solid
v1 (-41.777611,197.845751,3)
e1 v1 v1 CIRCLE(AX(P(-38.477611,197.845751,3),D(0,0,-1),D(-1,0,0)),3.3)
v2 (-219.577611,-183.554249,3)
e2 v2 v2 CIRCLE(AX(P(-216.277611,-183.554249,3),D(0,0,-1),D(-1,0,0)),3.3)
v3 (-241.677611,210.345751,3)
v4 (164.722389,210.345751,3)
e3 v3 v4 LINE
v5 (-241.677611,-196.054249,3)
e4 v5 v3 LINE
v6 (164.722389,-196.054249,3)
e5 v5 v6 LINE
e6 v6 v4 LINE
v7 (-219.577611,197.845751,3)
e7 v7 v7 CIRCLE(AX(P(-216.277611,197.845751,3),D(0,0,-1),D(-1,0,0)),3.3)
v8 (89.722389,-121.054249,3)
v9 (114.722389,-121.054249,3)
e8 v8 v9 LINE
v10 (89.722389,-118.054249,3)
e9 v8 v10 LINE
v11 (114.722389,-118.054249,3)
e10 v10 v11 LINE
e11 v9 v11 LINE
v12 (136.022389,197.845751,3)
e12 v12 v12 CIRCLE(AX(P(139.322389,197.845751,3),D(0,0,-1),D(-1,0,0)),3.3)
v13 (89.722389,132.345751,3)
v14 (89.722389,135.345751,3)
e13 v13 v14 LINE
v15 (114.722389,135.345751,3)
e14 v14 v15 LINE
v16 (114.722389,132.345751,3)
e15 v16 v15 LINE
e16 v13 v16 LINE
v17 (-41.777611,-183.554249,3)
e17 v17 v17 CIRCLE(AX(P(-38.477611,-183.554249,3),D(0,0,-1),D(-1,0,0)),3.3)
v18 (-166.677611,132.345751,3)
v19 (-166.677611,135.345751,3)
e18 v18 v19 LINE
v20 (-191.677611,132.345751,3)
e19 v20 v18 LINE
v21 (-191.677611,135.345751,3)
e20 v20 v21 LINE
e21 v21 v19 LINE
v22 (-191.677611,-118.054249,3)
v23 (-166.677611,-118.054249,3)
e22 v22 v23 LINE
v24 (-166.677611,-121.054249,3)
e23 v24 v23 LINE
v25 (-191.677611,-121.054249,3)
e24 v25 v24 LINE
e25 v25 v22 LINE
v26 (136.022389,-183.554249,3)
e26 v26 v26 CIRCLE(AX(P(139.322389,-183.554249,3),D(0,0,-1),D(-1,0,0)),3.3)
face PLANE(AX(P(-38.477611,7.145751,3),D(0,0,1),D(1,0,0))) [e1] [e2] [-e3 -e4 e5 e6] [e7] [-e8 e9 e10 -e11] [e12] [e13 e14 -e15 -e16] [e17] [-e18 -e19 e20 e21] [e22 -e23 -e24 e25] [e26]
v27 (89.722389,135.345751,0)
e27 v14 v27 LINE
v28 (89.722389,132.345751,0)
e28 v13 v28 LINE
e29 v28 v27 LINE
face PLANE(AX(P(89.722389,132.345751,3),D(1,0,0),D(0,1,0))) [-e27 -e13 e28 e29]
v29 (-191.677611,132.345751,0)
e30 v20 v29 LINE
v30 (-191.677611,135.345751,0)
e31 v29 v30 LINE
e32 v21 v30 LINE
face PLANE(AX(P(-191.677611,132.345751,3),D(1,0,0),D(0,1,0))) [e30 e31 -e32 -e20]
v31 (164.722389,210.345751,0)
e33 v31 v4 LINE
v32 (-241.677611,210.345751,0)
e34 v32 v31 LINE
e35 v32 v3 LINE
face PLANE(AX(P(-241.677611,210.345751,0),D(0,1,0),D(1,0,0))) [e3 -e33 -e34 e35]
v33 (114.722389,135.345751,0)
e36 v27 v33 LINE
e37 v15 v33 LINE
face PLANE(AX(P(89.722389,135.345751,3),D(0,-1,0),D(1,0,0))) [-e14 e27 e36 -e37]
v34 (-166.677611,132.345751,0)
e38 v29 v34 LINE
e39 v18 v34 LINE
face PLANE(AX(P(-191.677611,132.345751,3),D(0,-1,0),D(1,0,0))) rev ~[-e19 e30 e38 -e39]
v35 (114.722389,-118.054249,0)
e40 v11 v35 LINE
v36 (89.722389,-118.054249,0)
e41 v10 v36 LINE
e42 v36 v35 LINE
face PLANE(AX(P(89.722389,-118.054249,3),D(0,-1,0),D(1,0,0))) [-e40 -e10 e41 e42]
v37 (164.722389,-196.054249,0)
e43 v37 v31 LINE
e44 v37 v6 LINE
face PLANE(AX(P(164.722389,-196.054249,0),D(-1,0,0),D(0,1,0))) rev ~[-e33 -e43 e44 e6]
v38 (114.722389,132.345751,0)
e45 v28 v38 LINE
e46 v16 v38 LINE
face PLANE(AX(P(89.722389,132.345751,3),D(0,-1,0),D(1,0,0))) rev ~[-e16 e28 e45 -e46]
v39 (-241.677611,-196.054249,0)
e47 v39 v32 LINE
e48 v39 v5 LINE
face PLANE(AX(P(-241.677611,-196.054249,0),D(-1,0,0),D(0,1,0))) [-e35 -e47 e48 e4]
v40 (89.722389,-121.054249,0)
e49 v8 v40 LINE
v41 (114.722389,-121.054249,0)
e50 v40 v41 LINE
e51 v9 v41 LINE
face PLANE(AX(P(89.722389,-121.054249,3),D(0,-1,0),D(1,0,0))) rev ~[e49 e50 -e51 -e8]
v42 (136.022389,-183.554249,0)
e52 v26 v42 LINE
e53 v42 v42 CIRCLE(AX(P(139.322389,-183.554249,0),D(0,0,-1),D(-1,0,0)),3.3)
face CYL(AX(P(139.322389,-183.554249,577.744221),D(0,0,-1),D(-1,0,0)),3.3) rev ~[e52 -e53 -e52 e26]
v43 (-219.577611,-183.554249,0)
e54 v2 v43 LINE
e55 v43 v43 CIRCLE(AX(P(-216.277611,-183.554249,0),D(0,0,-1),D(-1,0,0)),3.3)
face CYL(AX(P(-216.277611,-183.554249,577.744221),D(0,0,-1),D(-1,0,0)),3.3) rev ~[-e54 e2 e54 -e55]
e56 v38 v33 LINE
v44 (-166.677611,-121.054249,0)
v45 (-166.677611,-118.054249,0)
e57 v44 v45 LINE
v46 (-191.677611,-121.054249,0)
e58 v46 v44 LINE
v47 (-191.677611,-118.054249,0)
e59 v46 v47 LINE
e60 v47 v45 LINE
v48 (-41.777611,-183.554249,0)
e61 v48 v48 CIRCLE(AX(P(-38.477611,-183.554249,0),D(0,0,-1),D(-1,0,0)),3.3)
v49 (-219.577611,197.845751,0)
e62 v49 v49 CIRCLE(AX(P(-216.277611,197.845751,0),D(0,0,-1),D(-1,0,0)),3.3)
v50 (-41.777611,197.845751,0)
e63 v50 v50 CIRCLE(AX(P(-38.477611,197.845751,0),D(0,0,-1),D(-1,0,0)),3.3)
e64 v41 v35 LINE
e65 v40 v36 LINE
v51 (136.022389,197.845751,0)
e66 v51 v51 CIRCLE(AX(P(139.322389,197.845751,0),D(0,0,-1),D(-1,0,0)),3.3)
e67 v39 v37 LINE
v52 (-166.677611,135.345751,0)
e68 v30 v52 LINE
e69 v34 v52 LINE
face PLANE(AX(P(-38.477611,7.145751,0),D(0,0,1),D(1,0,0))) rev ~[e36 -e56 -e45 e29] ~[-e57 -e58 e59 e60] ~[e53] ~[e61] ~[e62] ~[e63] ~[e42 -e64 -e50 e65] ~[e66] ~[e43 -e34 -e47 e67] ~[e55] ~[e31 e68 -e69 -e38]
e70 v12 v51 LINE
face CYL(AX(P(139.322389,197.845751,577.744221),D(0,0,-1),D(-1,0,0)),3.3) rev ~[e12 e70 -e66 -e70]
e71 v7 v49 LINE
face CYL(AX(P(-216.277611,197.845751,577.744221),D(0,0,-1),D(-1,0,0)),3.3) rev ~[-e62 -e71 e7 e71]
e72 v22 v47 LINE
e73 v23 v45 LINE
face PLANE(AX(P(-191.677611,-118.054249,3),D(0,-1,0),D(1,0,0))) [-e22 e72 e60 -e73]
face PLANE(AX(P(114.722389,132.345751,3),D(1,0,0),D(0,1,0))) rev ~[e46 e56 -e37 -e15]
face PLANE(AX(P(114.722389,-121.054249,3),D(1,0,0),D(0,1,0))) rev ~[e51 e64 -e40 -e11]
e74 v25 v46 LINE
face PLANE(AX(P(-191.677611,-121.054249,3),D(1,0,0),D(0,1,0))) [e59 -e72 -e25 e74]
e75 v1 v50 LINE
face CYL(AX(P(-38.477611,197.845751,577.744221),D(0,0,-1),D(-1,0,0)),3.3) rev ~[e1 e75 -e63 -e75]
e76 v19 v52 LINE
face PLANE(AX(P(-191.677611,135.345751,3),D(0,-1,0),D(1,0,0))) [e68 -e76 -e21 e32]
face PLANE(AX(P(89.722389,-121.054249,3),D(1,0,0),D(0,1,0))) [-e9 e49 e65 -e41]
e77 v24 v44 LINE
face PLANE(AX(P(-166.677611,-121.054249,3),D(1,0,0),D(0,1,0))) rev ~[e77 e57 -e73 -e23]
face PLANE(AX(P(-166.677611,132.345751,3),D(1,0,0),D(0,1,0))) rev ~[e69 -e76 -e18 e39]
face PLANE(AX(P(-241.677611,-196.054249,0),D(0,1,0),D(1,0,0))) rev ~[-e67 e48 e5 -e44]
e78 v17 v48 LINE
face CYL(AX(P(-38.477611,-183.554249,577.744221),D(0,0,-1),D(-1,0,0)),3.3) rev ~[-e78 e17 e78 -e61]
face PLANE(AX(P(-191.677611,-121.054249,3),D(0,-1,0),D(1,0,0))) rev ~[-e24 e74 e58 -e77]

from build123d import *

# Parameters (mm, degrees)
F0_W     = 406.4
F0_H     = 406.4
F1_DEPTH = 3
F3_D     = 6.6
F4_W     = 25
F4_H     = 3
F5_DEPTH = 25


with BuildPart() as f1:
    # F0 (on Top) → F1 (new body)
    with BuildSketch(Plane.XY):
        with Locations((-38.4776114106, 7.145750549)):
            Rectangle(F0_W, F0_H)
    extrude(amount=F1_DEPTH)

    # F3 (through all)
    with Locations(Plane.XY.offset(3)):
        with Locations((-216.2776114106, 197.845750549), (-38.4776114106, 197.845750549), (139.3223885894, 197.845750549), (139.3223885894, -183.554249451), (-38.4776114106, -183.554249451), (-216.2776114106, -183.554249451)):
            Hole(F3_D / 2)

    # F4 (on face) → F5 (cut)
    with BuildSketch(Plane.XY.offset(3)):
        with Locations((-179.1776114106, 133.845750549)):
            Rectangle(F4_W, F4_H)
        with Locations((102.2223885894, 133.845750549)):
            Rectangle(F4_W, F4_H)
        with Locations((-179.1776114106, -119.554249451)):
            Rectangle(F4_W, F4_H)
        with Locations((102.2223885894, -119.554249451)):
            Rectangle(F4_W, F4_H)
    extrude(amount=-F5_DEPTH, mode=Mode.SUBTRACT)


solid = f1.part
